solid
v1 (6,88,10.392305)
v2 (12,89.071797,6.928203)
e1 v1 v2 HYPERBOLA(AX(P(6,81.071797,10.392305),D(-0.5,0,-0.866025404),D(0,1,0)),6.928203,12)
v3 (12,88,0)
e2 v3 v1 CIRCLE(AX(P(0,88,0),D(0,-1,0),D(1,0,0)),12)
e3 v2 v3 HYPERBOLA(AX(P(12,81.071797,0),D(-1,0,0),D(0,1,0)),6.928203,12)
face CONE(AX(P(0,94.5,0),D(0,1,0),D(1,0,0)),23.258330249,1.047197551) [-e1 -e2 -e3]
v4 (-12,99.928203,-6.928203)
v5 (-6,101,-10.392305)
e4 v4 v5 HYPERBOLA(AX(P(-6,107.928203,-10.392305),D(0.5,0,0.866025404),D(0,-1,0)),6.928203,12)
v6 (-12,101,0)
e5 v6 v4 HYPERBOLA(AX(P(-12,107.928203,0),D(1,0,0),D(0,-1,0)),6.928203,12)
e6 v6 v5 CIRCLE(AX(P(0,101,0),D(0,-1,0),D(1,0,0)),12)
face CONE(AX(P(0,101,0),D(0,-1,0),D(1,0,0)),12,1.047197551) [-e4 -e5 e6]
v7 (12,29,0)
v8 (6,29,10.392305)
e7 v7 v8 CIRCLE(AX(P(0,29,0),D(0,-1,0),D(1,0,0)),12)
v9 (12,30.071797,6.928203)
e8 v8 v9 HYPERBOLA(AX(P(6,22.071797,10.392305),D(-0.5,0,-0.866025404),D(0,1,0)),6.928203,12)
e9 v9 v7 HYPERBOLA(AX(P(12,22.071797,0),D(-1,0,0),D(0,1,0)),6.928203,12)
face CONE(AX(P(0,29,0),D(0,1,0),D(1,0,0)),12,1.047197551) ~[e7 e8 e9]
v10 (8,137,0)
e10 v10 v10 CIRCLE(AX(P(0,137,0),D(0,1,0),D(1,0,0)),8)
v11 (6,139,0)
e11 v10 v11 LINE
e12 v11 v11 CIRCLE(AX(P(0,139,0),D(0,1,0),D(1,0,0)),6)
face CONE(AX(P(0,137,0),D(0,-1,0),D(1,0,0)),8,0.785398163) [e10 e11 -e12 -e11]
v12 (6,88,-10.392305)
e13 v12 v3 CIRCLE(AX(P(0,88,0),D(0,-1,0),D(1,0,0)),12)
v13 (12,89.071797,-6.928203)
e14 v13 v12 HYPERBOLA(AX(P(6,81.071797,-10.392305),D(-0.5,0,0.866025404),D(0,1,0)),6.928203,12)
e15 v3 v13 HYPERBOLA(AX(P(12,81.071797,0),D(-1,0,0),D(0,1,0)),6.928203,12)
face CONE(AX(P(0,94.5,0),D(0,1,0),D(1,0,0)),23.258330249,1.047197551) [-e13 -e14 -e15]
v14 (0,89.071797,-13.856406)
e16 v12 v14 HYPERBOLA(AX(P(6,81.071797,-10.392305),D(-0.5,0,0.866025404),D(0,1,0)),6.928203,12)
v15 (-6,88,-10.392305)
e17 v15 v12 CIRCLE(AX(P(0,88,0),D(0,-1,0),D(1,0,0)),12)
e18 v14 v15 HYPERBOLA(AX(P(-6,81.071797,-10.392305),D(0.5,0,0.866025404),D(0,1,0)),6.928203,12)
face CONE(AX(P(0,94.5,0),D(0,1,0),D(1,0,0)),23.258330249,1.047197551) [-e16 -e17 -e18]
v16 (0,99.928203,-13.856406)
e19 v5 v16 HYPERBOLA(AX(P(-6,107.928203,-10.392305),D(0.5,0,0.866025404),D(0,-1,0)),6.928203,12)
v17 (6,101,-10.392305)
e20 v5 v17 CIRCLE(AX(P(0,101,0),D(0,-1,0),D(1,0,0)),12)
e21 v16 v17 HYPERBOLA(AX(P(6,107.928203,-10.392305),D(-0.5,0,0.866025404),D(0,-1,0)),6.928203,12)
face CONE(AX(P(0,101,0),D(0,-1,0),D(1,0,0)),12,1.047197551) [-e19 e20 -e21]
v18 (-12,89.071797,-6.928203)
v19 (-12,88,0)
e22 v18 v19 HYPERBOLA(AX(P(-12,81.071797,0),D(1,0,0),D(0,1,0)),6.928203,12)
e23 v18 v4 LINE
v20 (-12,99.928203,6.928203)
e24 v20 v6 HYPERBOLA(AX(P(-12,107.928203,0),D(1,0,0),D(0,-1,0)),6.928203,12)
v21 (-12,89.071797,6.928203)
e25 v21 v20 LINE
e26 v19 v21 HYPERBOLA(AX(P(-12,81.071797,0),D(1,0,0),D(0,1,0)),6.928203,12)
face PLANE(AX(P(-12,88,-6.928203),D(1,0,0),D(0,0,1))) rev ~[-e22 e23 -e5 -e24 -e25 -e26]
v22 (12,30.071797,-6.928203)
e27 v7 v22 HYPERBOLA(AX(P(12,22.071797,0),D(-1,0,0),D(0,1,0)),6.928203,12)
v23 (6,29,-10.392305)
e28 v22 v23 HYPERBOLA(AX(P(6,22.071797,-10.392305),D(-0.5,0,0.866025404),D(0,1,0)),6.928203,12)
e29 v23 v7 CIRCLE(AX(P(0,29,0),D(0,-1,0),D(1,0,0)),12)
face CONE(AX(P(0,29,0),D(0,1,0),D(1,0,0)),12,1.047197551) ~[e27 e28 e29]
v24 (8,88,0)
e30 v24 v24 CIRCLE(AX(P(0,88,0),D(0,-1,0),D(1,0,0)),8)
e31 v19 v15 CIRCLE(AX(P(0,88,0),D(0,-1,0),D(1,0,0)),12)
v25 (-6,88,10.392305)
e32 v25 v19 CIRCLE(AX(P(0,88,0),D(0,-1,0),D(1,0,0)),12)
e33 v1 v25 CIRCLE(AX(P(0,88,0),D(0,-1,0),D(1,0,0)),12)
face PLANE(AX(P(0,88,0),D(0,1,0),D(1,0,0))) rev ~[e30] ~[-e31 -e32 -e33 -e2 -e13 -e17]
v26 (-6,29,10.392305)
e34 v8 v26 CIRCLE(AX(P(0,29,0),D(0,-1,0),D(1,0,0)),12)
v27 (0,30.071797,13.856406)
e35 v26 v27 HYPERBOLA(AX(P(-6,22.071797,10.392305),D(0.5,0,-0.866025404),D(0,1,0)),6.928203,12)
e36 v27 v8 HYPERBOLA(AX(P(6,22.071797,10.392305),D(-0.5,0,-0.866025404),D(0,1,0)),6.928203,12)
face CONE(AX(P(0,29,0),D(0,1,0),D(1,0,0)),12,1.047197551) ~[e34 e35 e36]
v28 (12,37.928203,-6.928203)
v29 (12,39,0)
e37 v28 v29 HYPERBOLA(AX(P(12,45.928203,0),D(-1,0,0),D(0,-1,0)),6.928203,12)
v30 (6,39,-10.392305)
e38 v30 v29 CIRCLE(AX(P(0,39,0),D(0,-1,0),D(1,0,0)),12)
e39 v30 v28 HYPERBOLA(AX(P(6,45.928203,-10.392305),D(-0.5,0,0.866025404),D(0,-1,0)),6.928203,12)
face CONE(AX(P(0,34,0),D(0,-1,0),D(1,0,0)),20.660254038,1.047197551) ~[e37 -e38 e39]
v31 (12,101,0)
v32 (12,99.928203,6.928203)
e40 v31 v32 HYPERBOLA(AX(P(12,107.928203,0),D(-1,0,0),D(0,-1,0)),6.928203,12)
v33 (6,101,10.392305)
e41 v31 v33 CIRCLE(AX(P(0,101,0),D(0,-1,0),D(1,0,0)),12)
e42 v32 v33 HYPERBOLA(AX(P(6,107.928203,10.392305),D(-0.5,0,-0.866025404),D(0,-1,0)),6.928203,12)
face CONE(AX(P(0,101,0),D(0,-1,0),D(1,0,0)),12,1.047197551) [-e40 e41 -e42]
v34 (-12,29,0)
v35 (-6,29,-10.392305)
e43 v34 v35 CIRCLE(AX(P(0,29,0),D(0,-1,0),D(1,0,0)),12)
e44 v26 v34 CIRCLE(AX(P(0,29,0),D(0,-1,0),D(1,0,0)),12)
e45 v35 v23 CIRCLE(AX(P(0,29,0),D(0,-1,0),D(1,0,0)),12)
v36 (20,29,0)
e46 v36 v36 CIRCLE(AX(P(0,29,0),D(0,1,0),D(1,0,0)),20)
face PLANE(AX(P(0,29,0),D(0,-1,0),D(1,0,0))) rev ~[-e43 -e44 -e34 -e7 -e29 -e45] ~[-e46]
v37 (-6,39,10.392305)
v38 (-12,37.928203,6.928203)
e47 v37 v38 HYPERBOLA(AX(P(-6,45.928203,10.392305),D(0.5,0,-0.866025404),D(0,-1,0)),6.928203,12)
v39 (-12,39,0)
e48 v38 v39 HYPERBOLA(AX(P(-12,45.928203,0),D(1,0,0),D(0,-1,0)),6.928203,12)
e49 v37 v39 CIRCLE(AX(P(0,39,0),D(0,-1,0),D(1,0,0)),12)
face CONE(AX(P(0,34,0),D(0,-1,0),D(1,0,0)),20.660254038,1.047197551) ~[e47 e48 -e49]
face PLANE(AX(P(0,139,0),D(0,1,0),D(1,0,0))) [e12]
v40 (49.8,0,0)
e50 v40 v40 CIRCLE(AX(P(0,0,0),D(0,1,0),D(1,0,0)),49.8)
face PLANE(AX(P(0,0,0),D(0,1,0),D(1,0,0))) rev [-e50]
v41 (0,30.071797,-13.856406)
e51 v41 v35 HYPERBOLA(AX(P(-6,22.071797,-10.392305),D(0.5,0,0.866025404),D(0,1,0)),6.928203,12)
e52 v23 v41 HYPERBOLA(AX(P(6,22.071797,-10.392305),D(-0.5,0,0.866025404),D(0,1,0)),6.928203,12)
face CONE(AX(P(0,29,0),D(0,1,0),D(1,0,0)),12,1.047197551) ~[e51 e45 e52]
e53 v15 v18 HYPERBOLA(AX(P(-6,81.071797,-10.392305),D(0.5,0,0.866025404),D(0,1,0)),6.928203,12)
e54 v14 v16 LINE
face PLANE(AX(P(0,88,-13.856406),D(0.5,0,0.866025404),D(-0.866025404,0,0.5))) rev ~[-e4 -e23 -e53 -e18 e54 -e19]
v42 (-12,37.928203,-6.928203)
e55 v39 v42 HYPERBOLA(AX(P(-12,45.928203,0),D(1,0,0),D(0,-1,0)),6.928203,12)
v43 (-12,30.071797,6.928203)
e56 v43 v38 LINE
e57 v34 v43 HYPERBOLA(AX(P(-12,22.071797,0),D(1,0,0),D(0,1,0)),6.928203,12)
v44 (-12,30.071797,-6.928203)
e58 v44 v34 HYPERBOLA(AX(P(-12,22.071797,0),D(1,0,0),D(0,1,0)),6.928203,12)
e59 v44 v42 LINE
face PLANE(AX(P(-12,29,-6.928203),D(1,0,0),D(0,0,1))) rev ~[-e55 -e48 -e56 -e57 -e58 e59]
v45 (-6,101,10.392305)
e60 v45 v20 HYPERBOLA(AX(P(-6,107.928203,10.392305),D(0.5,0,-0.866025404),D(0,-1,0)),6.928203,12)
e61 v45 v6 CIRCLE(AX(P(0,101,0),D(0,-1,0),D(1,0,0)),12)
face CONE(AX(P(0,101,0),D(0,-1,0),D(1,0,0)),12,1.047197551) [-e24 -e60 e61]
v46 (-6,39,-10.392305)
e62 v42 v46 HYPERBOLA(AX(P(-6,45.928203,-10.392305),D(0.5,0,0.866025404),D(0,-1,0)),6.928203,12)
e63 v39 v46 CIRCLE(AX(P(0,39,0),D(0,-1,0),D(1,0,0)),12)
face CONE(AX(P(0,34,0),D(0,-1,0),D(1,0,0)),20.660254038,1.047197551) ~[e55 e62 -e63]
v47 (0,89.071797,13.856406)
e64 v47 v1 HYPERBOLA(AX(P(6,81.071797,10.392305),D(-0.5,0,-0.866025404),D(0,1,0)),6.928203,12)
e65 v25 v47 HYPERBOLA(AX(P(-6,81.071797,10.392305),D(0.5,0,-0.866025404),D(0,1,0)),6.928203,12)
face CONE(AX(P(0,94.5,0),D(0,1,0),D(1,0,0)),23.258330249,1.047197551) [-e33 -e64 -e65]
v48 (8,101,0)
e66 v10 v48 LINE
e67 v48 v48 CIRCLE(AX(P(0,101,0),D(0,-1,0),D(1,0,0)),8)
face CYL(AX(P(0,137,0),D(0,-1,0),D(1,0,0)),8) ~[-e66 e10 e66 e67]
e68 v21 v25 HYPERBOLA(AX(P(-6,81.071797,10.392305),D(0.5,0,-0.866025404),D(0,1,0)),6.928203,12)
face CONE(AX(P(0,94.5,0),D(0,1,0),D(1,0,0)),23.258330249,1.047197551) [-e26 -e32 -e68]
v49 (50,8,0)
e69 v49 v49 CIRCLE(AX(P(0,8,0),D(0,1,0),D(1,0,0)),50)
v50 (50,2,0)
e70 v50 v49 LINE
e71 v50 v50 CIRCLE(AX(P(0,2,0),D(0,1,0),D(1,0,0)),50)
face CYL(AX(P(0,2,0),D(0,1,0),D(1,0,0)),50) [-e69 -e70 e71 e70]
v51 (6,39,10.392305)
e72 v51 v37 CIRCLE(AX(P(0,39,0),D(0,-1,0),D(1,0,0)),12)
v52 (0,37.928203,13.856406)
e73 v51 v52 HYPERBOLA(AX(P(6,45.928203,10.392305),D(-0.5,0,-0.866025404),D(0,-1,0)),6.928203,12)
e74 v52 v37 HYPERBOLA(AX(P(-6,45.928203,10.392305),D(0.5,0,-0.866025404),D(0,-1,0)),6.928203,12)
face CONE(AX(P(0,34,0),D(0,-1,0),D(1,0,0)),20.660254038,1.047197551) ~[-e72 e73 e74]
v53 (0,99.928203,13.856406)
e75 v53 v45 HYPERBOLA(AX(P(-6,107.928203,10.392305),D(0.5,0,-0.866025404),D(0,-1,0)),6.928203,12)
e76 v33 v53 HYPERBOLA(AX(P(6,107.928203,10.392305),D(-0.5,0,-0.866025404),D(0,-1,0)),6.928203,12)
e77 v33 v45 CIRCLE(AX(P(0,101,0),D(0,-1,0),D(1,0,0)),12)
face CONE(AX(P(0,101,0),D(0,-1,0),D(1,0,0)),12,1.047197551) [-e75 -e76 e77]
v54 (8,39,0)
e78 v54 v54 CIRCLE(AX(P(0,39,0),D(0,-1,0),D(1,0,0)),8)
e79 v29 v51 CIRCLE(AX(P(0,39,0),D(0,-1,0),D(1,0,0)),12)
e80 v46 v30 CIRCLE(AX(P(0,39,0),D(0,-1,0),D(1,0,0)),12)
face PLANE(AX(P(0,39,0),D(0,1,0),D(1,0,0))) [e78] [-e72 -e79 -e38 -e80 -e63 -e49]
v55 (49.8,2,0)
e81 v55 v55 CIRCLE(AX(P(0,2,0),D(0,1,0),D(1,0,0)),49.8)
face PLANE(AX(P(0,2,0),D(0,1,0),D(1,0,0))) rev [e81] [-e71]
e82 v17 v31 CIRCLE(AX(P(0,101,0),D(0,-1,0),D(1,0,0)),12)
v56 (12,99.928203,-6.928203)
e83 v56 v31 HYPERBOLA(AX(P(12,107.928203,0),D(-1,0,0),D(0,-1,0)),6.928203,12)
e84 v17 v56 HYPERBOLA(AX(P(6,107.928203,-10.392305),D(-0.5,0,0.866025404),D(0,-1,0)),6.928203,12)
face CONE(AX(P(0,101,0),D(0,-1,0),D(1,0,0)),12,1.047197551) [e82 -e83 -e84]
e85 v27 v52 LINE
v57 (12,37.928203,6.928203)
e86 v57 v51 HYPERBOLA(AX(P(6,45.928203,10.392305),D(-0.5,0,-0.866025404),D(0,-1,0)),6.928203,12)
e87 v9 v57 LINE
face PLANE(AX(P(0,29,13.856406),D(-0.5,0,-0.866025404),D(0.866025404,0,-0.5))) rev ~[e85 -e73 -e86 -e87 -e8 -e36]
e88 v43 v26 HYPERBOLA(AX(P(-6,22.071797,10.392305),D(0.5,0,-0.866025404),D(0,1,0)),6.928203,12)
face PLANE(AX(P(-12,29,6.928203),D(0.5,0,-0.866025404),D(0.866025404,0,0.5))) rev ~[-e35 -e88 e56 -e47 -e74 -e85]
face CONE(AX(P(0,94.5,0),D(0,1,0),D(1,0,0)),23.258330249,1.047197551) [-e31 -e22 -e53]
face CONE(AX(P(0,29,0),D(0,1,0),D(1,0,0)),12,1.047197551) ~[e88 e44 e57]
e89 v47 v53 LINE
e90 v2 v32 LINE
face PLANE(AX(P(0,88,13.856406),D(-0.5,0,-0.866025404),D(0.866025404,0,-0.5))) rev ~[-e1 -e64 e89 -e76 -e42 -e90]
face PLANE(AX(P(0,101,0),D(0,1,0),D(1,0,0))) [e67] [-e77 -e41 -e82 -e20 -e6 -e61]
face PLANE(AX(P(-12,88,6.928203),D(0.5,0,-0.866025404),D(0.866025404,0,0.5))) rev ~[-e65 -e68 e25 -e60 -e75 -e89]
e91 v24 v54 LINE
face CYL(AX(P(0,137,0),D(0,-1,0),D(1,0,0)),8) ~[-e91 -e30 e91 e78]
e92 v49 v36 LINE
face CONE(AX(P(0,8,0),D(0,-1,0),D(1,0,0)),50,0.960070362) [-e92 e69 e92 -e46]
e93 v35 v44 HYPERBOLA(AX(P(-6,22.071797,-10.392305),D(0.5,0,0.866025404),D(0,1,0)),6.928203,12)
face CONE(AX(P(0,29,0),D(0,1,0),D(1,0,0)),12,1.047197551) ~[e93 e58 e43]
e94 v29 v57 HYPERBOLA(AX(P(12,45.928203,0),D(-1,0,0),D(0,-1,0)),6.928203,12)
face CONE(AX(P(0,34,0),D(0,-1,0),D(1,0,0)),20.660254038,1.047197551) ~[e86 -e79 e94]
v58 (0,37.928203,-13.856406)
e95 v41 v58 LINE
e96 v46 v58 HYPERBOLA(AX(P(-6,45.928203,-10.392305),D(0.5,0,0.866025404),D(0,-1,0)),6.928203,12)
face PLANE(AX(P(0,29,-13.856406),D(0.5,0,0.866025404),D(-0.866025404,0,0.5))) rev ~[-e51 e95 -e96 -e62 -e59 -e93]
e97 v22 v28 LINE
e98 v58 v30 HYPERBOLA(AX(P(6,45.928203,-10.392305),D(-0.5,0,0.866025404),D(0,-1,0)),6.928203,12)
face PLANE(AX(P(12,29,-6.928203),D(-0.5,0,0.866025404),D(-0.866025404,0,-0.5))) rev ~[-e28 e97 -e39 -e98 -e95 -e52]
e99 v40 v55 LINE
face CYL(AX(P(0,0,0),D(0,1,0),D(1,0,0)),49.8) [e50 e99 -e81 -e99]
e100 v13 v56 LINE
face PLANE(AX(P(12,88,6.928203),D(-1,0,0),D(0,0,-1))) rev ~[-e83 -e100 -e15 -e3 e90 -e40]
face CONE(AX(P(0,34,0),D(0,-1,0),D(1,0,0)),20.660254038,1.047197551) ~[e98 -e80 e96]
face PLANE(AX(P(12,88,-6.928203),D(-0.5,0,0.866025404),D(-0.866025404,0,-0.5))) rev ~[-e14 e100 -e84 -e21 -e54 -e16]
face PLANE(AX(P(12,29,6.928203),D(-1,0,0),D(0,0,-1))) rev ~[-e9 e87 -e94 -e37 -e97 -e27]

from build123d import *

# Parameters (mm, degrees)
EXTRUDE_1_DEPTH = 10
EXTRUDE_2_DEPTH = 13


with BuildPart() as part:
    # Эскиз1 → Повернуть1 (revolve)
    with BuildSketch(Plane.XY, mode=Mode.PRIVATE) as revolve_1_sk:
        Polygon((0, 0), (-49.8, 0), (-49.8, 2), (-50, 2), (-50, 8), (-20, 29), (-8, 29), (-8, 39), (-8, 137), (-6, 139), (0, 139), align=None)
    revolve(revolve_1_sk.sketch.rotate(Axis((0, 0, 0), (0, 1, 0)), 180), axis=Axis((0, 0, 0), (0, 1, 0)))  # turned: the seam where the file's is

    # Эскиз2 → Бобышка-Вытянуть1 (add)
    with BuildSketch(Plane(origin=(0, 29, 0), x_dir=(1, 0, 0), z_dir=(0, 1, 0))):
        Polygon((0, 13.856406461), (-12, 6.92820323), (-12, -6.92820323), (0, -13.856406461), (12, -6.92820323), (12, 6.92820323), align=None)
    extrude(amount=EXTRUDE_1_DEPTH)

    # Эскиз3 → Бобышка-Вытянуть2 (add)
    with BuildSketch(Plane(origin=(0, 88, 0), x_dir=(1, 0, 0), z_dir=(0, 1, 0))):
        Polygon((12, 6.92820323), (0, 13.856406461), (-12, 6.92820323), (-12, -6.92820323), (0, -13.856406461), (12, -6.92820323), align=None)
    extrude(amount=EXTRUDE_2_DEPTH)

    # Эскиз4 → Вырез-Повернуть2 (revolve, cut)
    with BuildSketch(Plane.XY, mode=Mode.PRIVATE) as cut_revolve_2_sk:
        Polygon((-23.258330249, 101), (-12, 101), (-23.258330249, 94.5), align=None)
        Polygon((-23.258330249, 88), (-23.258330249, 94.5), (-12, 88), align=None)
        Polygon((-20.660254038, 39), (-20.660254038, 34), (-12, 39), align=None)
        Polygon((-20.660254038, 34), (-20.660254038, 29), (-12, 29), align=None)
    revolve(cut_revolve_2_sk.sketch.rotate(Axis((0, 139, 0), (0, -1, 0)), 180), axis=Axis((0, 139, 0), (0, -1, 0)), mode=Mode.SUBTRACT)  # turned: the seam where the file's is


solid = part.part
